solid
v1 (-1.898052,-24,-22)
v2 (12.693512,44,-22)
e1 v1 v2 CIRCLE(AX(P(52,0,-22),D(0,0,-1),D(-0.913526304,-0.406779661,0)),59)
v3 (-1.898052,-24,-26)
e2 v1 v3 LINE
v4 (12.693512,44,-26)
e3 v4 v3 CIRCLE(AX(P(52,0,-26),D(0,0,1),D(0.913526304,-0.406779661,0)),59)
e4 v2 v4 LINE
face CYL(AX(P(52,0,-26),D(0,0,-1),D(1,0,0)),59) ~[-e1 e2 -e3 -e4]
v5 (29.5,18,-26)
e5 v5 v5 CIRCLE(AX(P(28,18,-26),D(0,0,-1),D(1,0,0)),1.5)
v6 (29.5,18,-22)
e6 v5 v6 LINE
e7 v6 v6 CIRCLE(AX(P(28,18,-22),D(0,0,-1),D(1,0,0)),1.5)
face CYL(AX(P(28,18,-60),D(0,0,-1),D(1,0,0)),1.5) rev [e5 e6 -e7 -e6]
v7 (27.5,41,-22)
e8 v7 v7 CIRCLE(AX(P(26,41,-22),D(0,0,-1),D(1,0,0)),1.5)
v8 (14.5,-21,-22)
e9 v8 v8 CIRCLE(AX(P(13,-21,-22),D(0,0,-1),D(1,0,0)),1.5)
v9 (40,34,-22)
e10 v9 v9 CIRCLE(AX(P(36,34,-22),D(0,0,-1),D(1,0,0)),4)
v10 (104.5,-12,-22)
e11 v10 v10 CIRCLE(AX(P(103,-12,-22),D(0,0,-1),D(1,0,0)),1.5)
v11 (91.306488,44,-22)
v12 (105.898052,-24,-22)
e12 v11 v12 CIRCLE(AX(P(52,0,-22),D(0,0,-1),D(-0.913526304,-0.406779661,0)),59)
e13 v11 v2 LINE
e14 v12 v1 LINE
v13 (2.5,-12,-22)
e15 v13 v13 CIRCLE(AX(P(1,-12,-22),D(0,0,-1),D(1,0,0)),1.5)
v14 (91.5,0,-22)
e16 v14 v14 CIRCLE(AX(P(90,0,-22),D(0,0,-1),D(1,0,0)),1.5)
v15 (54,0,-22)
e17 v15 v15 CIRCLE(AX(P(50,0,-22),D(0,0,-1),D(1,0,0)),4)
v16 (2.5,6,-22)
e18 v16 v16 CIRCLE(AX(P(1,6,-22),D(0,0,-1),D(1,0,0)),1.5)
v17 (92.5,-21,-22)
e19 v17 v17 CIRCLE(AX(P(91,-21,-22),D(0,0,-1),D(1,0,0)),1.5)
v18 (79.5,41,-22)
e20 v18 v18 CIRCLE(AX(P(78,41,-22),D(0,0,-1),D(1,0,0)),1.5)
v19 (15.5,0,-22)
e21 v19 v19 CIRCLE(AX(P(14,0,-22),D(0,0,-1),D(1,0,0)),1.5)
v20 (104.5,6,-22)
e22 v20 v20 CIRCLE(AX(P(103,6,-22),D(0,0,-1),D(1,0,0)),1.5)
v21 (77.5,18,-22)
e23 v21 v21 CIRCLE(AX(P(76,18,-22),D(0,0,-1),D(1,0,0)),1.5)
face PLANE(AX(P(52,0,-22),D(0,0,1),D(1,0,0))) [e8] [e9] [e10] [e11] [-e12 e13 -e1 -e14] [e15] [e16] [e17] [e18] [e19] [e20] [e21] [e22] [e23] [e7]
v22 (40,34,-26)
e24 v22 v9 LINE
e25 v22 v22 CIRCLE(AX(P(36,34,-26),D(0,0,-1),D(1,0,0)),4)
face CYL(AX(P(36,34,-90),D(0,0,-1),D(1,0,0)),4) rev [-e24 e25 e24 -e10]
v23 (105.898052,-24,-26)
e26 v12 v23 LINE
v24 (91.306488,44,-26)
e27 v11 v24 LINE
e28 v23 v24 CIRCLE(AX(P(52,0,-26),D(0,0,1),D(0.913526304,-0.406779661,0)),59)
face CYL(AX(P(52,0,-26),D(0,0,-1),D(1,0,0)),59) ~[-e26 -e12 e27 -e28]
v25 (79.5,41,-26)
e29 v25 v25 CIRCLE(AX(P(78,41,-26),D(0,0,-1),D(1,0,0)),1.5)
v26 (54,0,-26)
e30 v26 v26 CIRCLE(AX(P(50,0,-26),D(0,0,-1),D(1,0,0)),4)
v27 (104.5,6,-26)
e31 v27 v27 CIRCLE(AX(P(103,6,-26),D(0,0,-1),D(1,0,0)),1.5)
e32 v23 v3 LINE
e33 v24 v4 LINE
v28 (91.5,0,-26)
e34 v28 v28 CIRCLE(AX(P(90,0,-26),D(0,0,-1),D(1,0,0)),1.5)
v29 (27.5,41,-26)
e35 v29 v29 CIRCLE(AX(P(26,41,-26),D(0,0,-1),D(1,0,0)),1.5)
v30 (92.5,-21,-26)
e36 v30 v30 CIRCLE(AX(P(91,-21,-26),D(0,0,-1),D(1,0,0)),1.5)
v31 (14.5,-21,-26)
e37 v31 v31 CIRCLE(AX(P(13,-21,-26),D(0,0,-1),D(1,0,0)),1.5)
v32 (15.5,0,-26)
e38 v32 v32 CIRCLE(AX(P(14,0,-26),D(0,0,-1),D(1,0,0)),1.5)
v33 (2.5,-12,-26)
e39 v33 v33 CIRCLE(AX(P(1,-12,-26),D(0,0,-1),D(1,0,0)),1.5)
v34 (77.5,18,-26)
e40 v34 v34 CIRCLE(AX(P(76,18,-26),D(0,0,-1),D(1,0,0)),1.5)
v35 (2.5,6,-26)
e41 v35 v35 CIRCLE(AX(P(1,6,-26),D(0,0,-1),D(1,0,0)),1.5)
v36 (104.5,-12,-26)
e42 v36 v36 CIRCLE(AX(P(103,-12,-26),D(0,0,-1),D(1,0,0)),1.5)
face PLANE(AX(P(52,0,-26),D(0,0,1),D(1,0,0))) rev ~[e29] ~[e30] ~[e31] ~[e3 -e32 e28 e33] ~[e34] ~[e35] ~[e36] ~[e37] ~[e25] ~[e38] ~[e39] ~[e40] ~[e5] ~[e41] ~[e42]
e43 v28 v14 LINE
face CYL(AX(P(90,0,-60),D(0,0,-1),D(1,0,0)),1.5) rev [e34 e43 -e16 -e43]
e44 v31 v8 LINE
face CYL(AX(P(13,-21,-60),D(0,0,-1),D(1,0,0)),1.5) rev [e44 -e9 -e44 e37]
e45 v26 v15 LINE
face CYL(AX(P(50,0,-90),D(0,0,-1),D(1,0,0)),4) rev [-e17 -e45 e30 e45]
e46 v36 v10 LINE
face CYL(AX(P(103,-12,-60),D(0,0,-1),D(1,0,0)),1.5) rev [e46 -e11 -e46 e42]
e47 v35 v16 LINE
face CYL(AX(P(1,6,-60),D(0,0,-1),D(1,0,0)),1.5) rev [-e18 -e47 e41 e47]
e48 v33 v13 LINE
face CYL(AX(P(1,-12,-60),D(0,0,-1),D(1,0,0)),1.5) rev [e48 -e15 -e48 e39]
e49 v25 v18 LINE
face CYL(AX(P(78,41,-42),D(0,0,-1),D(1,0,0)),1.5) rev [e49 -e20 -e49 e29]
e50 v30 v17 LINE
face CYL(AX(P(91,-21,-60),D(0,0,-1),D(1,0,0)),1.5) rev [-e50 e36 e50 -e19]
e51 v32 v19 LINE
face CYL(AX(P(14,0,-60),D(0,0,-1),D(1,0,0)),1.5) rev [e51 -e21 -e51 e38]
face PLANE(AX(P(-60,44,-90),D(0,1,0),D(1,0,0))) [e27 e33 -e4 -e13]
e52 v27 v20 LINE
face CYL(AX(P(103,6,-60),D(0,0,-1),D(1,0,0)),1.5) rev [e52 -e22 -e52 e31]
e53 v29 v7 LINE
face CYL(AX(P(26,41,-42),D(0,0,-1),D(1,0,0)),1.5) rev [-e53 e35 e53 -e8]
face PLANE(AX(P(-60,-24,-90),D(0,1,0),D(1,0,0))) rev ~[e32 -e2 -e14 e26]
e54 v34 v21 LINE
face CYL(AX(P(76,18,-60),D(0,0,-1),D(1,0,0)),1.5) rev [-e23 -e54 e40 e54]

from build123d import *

# Parameters (mm, degrees)
CYLINDER1538_R     = 1.5
CYLINDER1538_DEPTH = 100
CYLINDER1537_R     = 1.5
CYLINDER1537_DEPTH = 100
CYLINDER1532_R     = 1.5
CYLINDER1532_DEPTH = 32
CYLINDER1531_R     = 1.5
CYLINDER1531_DEPTH = 32
BOX520_W           = 200
BOX520_H           = 100
BOX520_DEPTH       = 100
BOX518_W           = 200
BOX518_H           = 100
BOX518_DEPTH       = 100
CYLINDER1127_R     = 4
CYLINDER1127_DEPTH = 100
CYLINDER1128_R     = 4
CYLINDER1128_DEPTH = 100
CYLINDER1129_R     = 4
CYLINDER1129_DEPTH = 100
CYLINDER1125_R     = 4
CYLINDER1125_DEPTH = 100
CYLINDER1130_R     = 4
CYLINDER1130_DEPTH = 100
CYLINDER1126_R     = 4
CYLINDER1126_DEPTH = 100
CYLINDER1492_R     = 1.5
CYLINDER1492_DEPTH = 100
CYLINDER1493_R     = 1.5
CYLINDER1493_DEPTH = 100
CYLINDER1494_R     = 1.5
CYLINDER1494_DEPTH = 100
CYLINDER1495_R     = 1.5
CYLINDER1495_DEPTH = 100
CYLINDER1496_R     = 1.5
CYLINDER1496_DEPTH = 100
CYLINDER1497_R     = 1.5
CYLINDER1497_DEPTH = 100
CYLINDER1498_R     = 1.5
CYLINDER1498_DEPTH = 100
CYLINDER1491_R     = 1.5
CYLINDER1491_DEPTH = 100
CYLINDER1490_R     = 59
CYLINDER1490_DEPTH = 4


with BuildPart() as v_lec1538:
    # Cylinder1538 → Cylinder1538 (new body)
    with BuildSketch(Plane(origin=(14, 0, -60), x_dir=(1, 0, 0), z_dir=(0, 0, 1))):
        Circle(CYLINDER1538_R)
    extrude(amount=CYLINDER1538_DEPTH)


with BuildPart() as srouby_troj004:
    # Cylinder1537 → Cylinder1537 (new body)
    with BuildSketch(Plane(origin=(90, 0, -60), x_dir=(1, 0, 0), z_dir=(0, 0, 1))):
        Circle(CYLINDER1537_R)
    extrude(amount=CYLINDER1537_DEPTH)

    # Compound889: union Válec1538
    add(v_lec1538.part)


with BuildPart() as v_lec1532:
    # Cylinder1532 → Cylinder1532 (new body)
    with BuildSketch(Plane(origin=(78, 41, -42), x_dir=(1, 0, 0), z_dir=(0, 0, 1))):
        Circle(CYLINDER1532_R)
    extrude(amount=CYLINDER1532_DEPTH)


with BuildPart() as compound901:
    # Cylinder1531 → Cylinder1531 (new body)
    with BuildSketch(Plane(origin=(26, 41, -42), x_dir=(1, 0, 0), z_dir=(0, 0, 1))):
        Circle(CYLINDER1531_R)
    extrude(amount=CYLINDER1531_DEPTH)

    # Compound901: union Válec1532
    add(v_lec1532.part)


with BuildPart() as krychle520:
    # Box520 → Box520 (new body)
    with BuildSketch(Plane(origin=(-60, 44, -90), x_dir=(1, 0, 0), z_dir=(0, 0, 1))):
        with Locations((100, 50)):
            Rectangle(BOX520_W, BOX520_H)
    extrude(amount=BOX520_DEPTH)


with BuildPart() as krychle518:
    # Box518 → Box518 (new body)
    with BuildSketch(Plane(origin=(-60, -124, -90), x_dir=(1, 0, 0), z_dir=(0, 0, 1))):
        with Locations((100, 50)):
            Rectangle(BOX518_W, BOX518_H)
    extrude(amount=BOX518_DEPTH)


with BuildPart() as v_lec1127:
    # Cylinder1127 → Cylinder1127 (new body)
    with BuildSketch(Plane(origin=(-36, 34, -90), x_dir=(1, 0, 0), z_dir=(0, 0, 1))):
        Circle(CYLINDER1127_R)
    extrude(amount=CYLINDER1127_DEPTH)


with BuildPart() as v_lec1128:
    # Cylinder1128 → Cylinder1128 (new body)
    with BuildSketch(Plane(origin=(-36, -34, -90), x_dir=(1, 0, 0), z_dir=(0, 0, 1))):
        Circle(CYLINDER1128_R)
    extrude(amount=CYLINDER1128_DEPTH)


with BuildPart() as v_lec1129:
    # Cylinder1129 → Cylinder1129 (new body)
    with BuildSketch(Plane(origin=(50, 0, -90), x_dir=(1, 0, 0), z_dir=(0, 0, 1))):
        Circle(CYLINDER1129_R)
    extrude(amount=CYLINDER1129_DEPTH)


with BuildPart() as v_lec1125:
    # Cylinder1125 → Cylinder1125 (new body)
    with BuildSketch(Plane(origin=(36, 34, -90), x_dir=(1, 0, 0), z_dir=(0, 0, 1))):
        Circle(CYLINDER1125_R)
    extrude(amount=CYLINDER1125_DEPTH)


with BuildPart() as v_lec1130:
    # Cylinder1130 → Cylinder1130 (new body)
    with BuildSketch(Plane(origin=(36, -34, -90), x_dir=(1, 0, 0), z_dir=(0, 0, 1))):
        Circle(CYLINDER1130_R)
    extrude(amount=CYLINDER1130_DEPTH)


with BuildPart() as sbouby_baze_silne006:
    # Cylinder1126 → Cylinder1126 (new body)
    with BuildSketch(Plane(origin=(-50, 0, -90), x_dir=(1, 0, 0), z_dir=(0, 0, 1))):
        Circle(CYLINDER1126_R)
    extrude(amount=CYLINDER1126_DEPTH)

    # Compound896: union Válec1127, Válec1128, Válec1129, Válec1125, Válec1130
    add(v_lec1127.part)
    add(v_lec1128.part)
    add(v_lec1129.part)
    add(v_lec1125.part)
    add(v_lec1130.part)


with BuildPart() as v_lec1492:
    # Cylinder1492 → Cylinder1492 (new body)
    with BuildSketch(Plane(origin=(103, 6, -60), x_dir=(1, 0, 0), z_dir=(0, 0, 1))):
        Circle(CYLINDER1492_R)
    extrude(amount=CYLINDER1492_DEPTH)


with BuildPart() as v_lec1493:
    # Cylinder1493 → Cylinder1493 (new body)
    with BuildSketch(Plane(origin=(76, 18, -60), x_dir=(1, 0, 0), z_dir=(0, 0, 1))):
        Circle(CYLINDER1493_R)
    extrude(amount=CYLINDER1493_DEPTH)


with BuildPart() as v_lec1494:
    # Cylinder1494 → Cylinder1494 (new body)
    with BuildSketch(Plane(origin=(91, -21, -60), x_dir=(1, 0, 0), z_dir=(0, 0, 1))):
        Circle(CYLINDER1494_R)
    extrude(amount=CYLINDER1494_DEPTH)


with BuildPart() as v_lec1495:
    # Cylinder1495 → Cylinder1495 (new body)
    with BuildSketch(Plane(origin=(13, -21, -60), x_dir=(1, 0, 0), z_dir=(0, 0, 1))):
        Circle(CYLINDER1495_R)
    extrude(amount=CYLINDER1495_DEPTH)


with BuildPart() as v_lec1496:
    # Cylinder1496 → Cylinder1496 (new body)
    with BuildSketch(Plane(origin=(28, 18, -60), x_dir=(1, 0, 0), z_dir=(0, 0, 1))):
        Circle(CYLINDER1496_R)
    extrude(amount=CYLINDER1496_DEPTH)


with BuildPart() as v_lec1497:
    # Cylinder1497 → Cylinder1497 (new body)
    with BuildSketch(Plane(origin=(1, -12, -60), x_dir=(1, 0, 0), z_dir=(0, 0, 1))):
        Circle(CYLINDER1497_R)
    extrude(amount=CYLINDER1497_DEPTH)


with BuildPart() as v_lec1498:
    # Cylinder1498 → Cylinder1498 (new body)
    with BuildSketch(Plane(origin=(1, 6, -60), x_dir=(1, 0, 0), z_dir=(0, 0, 1))):
        Circle(CYLINDER1498_R)
    extrude(amount=CYLINDER1498_DEPTH)


with BuildPart() as srouby_monoblok005:
    # Cylinder1491 → Cylinder1491 (new body)
    with BuildSketch(Plane(origin=(103, -12, -60), x_dir=(1, 0, 0), z_dir=(0, 0, 1))):
        Circle(CYLINDER1491_R)
    extrude(amount=CYLINDER1491_DEPTH)

    # Compound893: union Válec1492, Válec1493, Válec1494, Válec1495, Válec1496, Válec1497, Válec1498
    add(v_lec1492.part)
    add(v_lec1493.part)
    add(v_lec1494.part)
    add(v_lec1495.part)
    add(v_lec1496.part)
    add(v_lec1497.part)
    add(v_lec1498.part)


with BuildPart() as cut526:
    # Cylinder1490 → Cylinder1490 (new body)
    with BuildSketch(Plane(origin=(52, 0, -26), x_dir=(1, 0, 0), z_dir=(0, 0, 1))):
        Circle(CYLINDER1490_R)
    extrude(amount=CYLINDER1490_DEPTH)

    # Cut513: cut srouby_monoblok005
    add(srouby_monoblok005.part, mode=Mode.SUBTRACT)

    # Cut514: cut sbouby_baze_silne006
    add(sbouby_baze_silne006.part, mode=Mode.SUBTRACT)

    # Cut520: cut Krychle518
    add(krychle518.part, mode=Mode.SUBTRACT)

    # Cut522: cut Krychle520
    add(krychle520.part, mode=Mode.SUBTRACT)

    # Cut523: cut Compound901
    add(compound901.part, mode=Mode.SUBTRACT)

    # Cut526: cut srouby_troj004
    add(srouby_troj004.part, mode=Mode.SUBTRACT)


solid = cut526.part
